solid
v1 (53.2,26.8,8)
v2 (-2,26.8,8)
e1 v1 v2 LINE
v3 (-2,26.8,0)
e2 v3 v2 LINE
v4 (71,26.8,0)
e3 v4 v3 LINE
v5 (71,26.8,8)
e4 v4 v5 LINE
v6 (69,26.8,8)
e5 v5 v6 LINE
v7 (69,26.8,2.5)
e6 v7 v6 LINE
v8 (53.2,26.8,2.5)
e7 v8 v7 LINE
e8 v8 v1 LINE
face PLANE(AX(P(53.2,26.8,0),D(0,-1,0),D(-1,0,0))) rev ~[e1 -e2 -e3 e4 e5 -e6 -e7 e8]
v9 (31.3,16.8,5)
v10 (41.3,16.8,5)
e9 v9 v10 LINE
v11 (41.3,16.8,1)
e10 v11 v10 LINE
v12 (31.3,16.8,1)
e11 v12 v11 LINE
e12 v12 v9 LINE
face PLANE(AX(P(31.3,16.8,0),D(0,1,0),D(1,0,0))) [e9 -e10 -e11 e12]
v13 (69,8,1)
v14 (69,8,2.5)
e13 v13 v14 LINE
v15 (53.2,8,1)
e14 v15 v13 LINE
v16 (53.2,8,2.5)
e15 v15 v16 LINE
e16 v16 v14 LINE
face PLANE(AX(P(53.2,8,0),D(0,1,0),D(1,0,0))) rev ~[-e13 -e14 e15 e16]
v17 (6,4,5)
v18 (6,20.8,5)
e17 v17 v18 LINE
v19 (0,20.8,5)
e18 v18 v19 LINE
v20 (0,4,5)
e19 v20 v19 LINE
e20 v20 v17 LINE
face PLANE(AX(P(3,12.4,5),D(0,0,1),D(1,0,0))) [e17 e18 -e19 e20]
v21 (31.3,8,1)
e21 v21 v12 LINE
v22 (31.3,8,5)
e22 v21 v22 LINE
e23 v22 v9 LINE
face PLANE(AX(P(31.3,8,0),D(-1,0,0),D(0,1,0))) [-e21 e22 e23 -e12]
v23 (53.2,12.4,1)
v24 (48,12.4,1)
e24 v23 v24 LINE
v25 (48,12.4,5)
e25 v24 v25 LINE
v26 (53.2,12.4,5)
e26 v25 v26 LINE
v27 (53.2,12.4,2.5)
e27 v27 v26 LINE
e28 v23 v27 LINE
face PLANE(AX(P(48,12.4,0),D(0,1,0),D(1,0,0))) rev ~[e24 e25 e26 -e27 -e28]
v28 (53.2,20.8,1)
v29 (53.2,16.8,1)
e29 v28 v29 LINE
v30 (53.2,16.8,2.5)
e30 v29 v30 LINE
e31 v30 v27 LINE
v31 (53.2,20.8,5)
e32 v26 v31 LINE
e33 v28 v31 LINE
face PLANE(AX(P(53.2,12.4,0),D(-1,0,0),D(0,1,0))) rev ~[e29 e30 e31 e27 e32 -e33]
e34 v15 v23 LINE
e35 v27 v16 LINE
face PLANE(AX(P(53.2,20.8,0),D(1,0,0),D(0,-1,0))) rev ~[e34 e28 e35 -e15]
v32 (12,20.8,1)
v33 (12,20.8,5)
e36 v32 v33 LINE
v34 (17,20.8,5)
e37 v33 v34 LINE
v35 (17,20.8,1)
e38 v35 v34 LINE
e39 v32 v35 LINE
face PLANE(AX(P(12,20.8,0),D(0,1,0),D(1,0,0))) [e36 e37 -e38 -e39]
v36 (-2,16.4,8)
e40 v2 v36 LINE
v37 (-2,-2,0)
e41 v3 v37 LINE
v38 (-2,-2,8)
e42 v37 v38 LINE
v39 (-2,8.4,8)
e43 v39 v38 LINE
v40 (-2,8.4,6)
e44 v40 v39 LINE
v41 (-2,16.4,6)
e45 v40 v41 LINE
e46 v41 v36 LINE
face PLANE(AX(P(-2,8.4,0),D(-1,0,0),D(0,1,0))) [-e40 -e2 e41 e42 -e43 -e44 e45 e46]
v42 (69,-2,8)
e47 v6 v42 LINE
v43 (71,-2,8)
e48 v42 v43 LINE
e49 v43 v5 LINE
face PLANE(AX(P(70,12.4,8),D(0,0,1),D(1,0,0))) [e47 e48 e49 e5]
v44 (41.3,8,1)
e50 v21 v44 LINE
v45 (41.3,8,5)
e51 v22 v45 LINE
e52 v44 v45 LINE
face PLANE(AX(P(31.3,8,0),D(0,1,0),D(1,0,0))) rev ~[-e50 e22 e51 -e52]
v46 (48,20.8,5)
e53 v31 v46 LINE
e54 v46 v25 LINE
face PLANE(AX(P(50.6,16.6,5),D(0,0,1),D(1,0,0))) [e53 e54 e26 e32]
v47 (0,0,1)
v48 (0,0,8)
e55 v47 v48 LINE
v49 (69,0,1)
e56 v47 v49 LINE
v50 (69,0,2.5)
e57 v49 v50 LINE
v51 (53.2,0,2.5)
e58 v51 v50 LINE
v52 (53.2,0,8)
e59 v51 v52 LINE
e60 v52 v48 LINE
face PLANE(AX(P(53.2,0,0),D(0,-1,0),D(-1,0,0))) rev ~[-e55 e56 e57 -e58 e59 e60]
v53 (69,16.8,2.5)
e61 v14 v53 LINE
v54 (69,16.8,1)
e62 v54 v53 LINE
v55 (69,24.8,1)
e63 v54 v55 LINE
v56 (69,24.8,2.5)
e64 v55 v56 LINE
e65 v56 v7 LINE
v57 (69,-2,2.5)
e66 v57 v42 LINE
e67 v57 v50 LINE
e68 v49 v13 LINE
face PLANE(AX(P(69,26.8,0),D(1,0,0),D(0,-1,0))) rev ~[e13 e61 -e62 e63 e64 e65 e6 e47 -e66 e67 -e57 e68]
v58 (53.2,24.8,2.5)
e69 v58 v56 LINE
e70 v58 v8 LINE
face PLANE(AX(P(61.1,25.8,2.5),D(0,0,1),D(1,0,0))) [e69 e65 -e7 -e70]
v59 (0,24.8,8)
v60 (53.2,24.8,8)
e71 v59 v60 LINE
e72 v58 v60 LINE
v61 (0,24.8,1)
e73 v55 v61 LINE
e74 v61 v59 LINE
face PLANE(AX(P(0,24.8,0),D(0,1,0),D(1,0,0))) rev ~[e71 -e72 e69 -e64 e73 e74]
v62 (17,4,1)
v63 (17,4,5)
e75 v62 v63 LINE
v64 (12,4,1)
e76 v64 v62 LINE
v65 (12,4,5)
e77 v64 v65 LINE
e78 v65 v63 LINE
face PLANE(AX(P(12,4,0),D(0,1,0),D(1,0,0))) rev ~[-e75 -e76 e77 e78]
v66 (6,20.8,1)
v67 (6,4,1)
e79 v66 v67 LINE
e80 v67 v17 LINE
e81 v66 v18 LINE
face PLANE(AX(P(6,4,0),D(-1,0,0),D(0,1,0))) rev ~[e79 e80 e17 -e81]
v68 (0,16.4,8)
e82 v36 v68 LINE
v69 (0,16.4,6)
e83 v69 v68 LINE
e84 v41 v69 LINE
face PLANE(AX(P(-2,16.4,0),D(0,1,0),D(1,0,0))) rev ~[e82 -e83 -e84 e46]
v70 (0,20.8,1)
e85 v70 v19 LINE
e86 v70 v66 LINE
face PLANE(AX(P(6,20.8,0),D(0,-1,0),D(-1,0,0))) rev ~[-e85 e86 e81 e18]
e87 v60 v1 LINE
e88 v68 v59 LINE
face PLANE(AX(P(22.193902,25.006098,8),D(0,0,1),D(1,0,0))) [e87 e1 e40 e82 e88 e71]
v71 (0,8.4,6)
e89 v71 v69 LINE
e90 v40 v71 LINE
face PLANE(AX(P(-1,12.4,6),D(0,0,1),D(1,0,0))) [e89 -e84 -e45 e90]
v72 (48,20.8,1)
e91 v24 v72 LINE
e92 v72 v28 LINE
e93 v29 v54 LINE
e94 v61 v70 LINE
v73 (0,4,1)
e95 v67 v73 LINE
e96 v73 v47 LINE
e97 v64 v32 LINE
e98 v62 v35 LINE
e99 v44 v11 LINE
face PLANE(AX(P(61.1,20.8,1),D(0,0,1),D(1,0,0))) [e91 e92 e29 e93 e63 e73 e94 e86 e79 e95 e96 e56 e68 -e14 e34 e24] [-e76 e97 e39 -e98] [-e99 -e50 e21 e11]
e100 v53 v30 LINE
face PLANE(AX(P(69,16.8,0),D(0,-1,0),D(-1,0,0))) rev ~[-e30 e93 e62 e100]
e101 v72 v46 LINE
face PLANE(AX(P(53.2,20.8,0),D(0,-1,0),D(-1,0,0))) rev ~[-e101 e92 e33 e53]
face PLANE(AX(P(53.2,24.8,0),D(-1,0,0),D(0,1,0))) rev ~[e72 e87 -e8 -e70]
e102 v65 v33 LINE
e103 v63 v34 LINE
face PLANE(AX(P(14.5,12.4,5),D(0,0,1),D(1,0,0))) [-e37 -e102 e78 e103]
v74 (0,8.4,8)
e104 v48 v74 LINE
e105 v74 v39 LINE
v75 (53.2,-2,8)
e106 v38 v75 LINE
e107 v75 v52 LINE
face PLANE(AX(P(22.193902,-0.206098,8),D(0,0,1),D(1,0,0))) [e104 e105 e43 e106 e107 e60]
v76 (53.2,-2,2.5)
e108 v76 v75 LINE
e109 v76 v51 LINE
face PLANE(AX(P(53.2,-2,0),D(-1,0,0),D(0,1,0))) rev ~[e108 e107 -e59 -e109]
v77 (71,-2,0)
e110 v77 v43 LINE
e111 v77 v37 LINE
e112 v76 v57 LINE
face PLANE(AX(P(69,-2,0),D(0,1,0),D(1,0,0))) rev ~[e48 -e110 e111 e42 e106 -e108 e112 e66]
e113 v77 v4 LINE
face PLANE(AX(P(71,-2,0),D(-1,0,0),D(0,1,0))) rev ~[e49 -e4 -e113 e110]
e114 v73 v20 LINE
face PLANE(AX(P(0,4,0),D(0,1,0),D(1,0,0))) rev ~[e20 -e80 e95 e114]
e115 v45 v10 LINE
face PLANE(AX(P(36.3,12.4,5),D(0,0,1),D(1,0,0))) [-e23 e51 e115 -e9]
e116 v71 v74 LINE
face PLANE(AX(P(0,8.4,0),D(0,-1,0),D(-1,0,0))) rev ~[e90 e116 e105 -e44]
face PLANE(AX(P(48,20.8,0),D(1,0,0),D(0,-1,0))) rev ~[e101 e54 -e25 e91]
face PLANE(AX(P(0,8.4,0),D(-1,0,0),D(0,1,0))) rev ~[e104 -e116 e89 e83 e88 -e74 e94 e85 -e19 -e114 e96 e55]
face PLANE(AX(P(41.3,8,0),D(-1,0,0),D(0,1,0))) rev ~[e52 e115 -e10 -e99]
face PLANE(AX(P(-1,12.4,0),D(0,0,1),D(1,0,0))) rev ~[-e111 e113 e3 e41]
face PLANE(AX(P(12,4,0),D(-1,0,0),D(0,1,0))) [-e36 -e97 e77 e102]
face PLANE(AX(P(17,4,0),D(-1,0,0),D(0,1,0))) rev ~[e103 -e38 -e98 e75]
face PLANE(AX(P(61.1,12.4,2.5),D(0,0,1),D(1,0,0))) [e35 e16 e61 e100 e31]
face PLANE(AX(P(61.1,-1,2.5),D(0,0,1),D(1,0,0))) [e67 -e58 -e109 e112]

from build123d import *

# Parameters (mm, degrees)
F0_W     = 5
F0_H     = 16.8
F0_W_2   = 10
F0_H_2   = 8.8
F0_W_3   = 15.8
F0_H_3   = 8
F1_DEPTH = 1
F0_H_4   = 2
F2_DEPTH = 2.5
F3_DEPTH = 5
F4_DEPTH = 8
F0_W_4   = 2
F5_DEPTH = 6


with BuildPart() as f1:
    # F0 (on Top) → F1 (new body)
    with BuildSketch(Plane.XY):
        Polygon((69, 24.8), (53.2, 24.8), (53.2, 20.8), (53.2, 16.8), (69, 16.8), align=None)
        Polygon((0, 24.8), (0, 20.8), (6, 20.8), (6, 4), (0, 4), (0, 0), (53.2, 0), (53.2, 8), (53.2, 12.4), (48, 12.4), (48, 20.8), (53.2, 20.8), (53.2, 24.8), align=None)
        with Locations((14.5, 12.4)):
            Rectangle(F0_W, F0_H, mode=Mode.SUBTRACT)
        with Locations((36.3, 12.4)):
            Rectangle(F0_W_2, F0_H_2, mode=Mode.SUBTRACT)
        with Locations((61.1, 4)):
            Rectangle(F0_W_3, F0_H_3)
    extrude(amount=F1_DEPTH)

    # F0 (on Top) → F2 (join)
    with BuildSketch(Plane.XY):
        with Locations((61.1, 25.8)):
            Rectangle(F0_W_3, F0_H_4)
        Polygon((69, 8), (69, 16.8), (53.2, 16.8), (53.2, 12.4), (53.2, 8), align=None)
        with Locations((61.1, -1)):
            Rectangle(F0_W_3, F0_H_4)
    extrude(amount=F2_DEPTH)

    # F0 (on Top) → F3 (join)
    with BuildSketch(Plane.XY):
        Polygon((6, 20.8), (0, 20.8), (0, 16.4), (0, 8.4), (0, 4), (6, 4), align=None)
        with Locations((14.5, 12.4)):
            Rectangle(F0_W, F0_H)
        with Locations((36.3, 12.4)):
            Rectangle(F0_W_2, F0_H_2)
        Polygon((53.2, 16.8), (53.2, 20.8), (48, 20.8), (48, 12.4), (53.2, 12.4), align=None)
    extrude(amount=F3_DEPTH)

    # F0 (on Top) → F4 (join)
    with BuildSketch(Plane.XY):
        Polygon((0, 16.4), (0, 20.8), (0, 24.8), (53.2, 24.8), (53.2, 26.8), (-2, 26.8), (-2, 16.4), align=None)
        Polygon((69, 26.8), (69, 24.8), (69, 16.8), (69, 8), (69, 0), (69, -2), (71, -2), (71, 26.8), align=None)
        Polygon((0, 4), (0, 8.4), (-2, 8.4), (-2, -2), (53.2, -2), (53.2, 0), (0, 0), align=None)
    extrude(amount=F4_DEPTH)

    # F0 (on Top) → F5 (join)
    with BuildSketch(Plane.XY):
        with Locations((-1, 12.4)):
            Rectangle(F0_W_4, F0_H_3)
    extrude(amount=F5_DEPTH)


solid = f1.part
